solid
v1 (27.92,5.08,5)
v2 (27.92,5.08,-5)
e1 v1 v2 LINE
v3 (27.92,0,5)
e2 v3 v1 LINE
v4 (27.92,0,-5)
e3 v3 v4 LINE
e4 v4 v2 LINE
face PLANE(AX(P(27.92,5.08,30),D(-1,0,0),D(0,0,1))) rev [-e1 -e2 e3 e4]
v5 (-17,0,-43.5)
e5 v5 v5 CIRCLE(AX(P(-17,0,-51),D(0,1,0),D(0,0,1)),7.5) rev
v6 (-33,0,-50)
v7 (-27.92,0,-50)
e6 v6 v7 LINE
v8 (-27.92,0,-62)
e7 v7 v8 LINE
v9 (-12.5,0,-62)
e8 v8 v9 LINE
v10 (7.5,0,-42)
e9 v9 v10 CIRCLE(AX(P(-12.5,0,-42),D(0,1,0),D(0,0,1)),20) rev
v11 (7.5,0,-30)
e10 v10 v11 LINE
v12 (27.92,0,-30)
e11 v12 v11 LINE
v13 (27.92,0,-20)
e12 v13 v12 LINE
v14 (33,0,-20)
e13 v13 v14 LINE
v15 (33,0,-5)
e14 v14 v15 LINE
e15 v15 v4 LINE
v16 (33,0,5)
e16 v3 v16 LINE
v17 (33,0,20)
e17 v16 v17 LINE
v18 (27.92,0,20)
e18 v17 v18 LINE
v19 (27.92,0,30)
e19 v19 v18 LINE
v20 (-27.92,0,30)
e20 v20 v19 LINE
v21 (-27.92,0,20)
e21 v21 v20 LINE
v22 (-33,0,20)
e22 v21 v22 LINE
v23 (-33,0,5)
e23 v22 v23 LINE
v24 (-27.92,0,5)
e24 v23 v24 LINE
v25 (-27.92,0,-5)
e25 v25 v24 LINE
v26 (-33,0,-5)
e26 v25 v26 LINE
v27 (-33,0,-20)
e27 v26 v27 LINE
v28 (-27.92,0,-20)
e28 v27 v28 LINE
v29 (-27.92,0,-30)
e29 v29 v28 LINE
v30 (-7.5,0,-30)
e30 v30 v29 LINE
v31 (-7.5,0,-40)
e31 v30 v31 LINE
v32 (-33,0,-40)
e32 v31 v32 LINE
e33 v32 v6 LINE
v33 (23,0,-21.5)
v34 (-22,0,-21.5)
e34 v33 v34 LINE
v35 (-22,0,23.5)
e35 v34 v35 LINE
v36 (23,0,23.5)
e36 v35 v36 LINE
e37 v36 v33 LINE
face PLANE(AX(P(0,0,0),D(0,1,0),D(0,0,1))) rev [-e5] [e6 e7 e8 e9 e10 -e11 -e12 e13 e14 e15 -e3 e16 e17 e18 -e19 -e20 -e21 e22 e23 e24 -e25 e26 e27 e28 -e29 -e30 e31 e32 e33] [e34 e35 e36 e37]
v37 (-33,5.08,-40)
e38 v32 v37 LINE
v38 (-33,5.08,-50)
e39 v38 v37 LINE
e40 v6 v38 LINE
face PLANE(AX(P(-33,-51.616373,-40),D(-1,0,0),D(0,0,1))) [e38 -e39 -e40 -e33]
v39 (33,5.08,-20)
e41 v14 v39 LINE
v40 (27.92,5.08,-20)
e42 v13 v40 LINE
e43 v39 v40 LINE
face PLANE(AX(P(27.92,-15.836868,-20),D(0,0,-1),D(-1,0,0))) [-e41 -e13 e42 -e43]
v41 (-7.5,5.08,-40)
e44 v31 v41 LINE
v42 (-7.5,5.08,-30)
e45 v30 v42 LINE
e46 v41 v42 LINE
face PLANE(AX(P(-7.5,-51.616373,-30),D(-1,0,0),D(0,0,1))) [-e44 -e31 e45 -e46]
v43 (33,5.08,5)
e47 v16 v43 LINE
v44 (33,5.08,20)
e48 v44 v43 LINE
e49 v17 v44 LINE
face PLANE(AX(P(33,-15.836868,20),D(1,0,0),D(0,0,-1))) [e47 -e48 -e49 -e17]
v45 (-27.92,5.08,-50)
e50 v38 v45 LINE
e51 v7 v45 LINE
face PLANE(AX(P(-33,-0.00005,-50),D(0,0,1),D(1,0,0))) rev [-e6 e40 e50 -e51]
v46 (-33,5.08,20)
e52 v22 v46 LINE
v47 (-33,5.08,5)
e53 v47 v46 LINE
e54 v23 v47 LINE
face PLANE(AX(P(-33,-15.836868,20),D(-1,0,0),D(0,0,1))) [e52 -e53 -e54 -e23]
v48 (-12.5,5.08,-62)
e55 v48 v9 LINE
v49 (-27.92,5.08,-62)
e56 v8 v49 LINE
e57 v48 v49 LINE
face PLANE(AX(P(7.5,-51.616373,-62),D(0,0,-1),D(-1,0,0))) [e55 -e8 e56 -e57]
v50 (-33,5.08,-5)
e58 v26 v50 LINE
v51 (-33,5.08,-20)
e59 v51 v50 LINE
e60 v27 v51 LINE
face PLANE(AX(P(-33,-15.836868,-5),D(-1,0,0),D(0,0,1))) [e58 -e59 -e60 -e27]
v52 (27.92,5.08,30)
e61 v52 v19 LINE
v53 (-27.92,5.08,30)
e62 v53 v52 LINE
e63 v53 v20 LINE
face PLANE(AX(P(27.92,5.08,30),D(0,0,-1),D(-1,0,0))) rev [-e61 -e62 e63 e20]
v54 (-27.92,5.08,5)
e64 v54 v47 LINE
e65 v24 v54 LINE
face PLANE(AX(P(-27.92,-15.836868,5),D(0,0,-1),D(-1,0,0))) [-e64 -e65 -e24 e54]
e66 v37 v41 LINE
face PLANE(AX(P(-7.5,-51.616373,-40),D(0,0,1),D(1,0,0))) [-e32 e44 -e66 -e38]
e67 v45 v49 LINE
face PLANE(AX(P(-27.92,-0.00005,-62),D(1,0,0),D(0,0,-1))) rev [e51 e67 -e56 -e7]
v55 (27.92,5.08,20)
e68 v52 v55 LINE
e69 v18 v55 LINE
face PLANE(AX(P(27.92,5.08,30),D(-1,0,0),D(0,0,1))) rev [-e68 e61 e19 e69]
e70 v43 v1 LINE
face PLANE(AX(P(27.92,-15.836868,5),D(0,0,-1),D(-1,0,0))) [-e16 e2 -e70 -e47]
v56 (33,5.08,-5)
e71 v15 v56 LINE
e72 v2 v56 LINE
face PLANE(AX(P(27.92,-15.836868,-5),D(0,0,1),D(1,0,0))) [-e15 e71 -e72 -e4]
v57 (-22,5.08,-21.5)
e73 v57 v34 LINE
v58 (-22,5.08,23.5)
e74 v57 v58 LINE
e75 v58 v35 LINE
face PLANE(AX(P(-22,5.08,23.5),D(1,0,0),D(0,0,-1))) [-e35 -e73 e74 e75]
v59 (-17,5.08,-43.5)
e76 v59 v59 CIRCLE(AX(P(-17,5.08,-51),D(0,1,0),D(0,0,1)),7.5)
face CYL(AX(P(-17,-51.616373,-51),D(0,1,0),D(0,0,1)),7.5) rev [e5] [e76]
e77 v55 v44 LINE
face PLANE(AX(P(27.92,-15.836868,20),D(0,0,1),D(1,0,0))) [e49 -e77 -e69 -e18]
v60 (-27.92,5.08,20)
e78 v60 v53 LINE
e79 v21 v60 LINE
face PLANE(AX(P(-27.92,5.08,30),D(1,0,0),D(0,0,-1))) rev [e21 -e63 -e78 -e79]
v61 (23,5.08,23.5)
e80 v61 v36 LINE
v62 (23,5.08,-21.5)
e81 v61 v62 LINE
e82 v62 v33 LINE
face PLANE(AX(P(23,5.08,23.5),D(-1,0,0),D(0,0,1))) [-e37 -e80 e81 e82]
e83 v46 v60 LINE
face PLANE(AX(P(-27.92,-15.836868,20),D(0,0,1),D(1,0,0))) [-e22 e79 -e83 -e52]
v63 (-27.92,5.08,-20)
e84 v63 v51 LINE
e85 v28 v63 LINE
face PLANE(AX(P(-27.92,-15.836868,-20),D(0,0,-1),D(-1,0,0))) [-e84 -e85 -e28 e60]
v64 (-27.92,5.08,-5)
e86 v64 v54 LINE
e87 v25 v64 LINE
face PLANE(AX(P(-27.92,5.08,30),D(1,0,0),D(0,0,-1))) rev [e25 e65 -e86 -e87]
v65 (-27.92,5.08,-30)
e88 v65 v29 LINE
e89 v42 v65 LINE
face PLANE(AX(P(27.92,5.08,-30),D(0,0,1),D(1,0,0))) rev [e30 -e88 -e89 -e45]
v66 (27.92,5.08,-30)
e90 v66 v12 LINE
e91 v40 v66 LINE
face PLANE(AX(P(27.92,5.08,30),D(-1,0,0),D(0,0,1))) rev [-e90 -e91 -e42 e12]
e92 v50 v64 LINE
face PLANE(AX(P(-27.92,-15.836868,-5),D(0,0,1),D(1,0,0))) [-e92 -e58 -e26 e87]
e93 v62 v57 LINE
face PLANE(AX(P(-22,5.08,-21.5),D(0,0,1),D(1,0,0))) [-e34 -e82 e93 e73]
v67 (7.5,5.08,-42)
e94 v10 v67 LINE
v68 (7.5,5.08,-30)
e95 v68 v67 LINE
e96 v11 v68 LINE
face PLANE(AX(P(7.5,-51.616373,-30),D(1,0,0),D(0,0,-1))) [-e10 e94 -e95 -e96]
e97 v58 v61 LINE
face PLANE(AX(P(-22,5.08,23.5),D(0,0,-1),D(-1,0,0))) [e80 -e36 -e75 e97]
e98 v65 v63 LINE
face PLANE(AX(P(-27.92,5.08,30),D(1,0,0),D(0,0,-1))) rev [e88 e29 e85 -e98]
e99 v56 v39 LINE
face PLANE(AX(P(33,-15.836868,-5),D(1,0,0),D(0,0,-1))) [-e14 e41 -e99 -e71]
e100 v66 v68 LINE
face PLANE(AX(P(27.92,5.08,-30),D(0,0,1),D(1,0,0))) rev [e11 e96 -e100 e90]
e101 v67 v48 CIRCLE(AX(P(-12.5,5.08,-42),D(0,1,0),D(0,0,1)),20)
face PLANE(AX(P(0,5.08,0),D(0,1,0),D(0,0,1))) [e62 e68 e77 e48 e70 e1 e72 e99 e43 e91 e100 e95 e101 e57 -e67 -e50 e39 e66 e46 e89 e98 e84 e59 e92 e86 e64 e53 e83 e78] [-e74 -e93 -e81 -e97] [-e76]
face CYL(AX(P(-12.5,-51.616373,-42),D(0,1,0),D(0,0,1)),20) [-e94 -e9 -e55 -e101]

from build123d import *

# Parameters (mm, degrees)
SKETCH1_W           = 55.84
SKETCH1_H           = 60
SKETCH1_W_2         = 45
SKETCH1_H_2         = 45
BOSS_EXTRUDE1_DEPTH = 5.08
SKETCH2_W           = 5.08
SKETCH2_H           = 15
BOSS_EXTRUDE2_DEPTH = 5.08
SKETCH3_R           = 7.5
BOSS_EXTRUDE3_DEPTH = 5.08
FILLET1_R           = 20
SKETCH4_W           = 5.08
SKETCH4_H           = 12
CUT_EXTRUDE1_DEPTH  = 6.08


with BuildPart() as part:
    # Sketch1 → Boss-Extrude1 (new body)
    with BuildSketch(Plane(origin=(0, 0, 0), x_dir=(1, 0, 0), z_dir=(0, 1, 0))):
        Rectangle(SKETCH1_W, SKETCH1_H)
        with Locations((0.5, -1)):
            Rectangle(SKETCH1_W_2, SKETCH1_H_2, mode=Mode.SUBTRACT)
    extrude(amount=BOSS_EXTRUDE1_DEPTH)

    # Sketch2 → Boss-Extrude2 (add)
    with BuildSketch(Plane(origin=(0, 5.08, 0), x_dir=(1, 0, 0), z_dir=(0, 1, 0))):
        with Locations((-30.46, -12.5)):
            Rectangle(SKETCH2_W, SKETCH2_H)
        with Locations((30.46, -12.5)):
            Rectangle(SKETCH2_W, SKETCH2_H)
        with Locations((-30.46, 12.5)):
            Rectangle(SKETCH2_W, SKETCH2_H)
        with Locations((30.46, 12.5)):
            Rectangle(SKETCH2_W, SKETCH2_H)
    extrude(amount=-BOSS_EXTRUDE2_DEPTH)

    # Sketch3 → Boss-Extrude3 (add)
    with BuildSketch(Plane(origin=(0, 5.08, 0), x_dir=(1, 0, 0), z_dir=(0, 1, 0))):
        Polygon((-7.5, 30), (7.5, 30), (7.5, 40), (7.5, 62), (-33, 62), (-33, 40), (-7.5, 40), align=None)
        with Locations((-17, 51)):
            Circle(SKETCH3_R, mode=Mode.SUBTRACT)
    extrude(amount=-BOSS_EXTRUDE3_DEPTH)

    # Fillet1
    fillet1_edges = [part.edges().sort_by_distance(p)[0] for p in [
        (7.5, 2.54, -62),
    ]]
    fillet(fillet1_edges, radius=FILLET1_R)

    # Sketch4 → Cut-Extrude1 (cut, through all)
    with BuildSketch(Plane(origin=(0, 5.08, 0), x_dir=(1, 0, 0), z_dir=(0, 1, 0))):
        with Locations((-30.46, 56)):
            Rectangle(SKETCH4_W, SKETCH4_H)
    extrude(amount=-CUT_EXTRUDE1_DEPTH, mode=Mode.SUBTRACT)


solid = part.part
